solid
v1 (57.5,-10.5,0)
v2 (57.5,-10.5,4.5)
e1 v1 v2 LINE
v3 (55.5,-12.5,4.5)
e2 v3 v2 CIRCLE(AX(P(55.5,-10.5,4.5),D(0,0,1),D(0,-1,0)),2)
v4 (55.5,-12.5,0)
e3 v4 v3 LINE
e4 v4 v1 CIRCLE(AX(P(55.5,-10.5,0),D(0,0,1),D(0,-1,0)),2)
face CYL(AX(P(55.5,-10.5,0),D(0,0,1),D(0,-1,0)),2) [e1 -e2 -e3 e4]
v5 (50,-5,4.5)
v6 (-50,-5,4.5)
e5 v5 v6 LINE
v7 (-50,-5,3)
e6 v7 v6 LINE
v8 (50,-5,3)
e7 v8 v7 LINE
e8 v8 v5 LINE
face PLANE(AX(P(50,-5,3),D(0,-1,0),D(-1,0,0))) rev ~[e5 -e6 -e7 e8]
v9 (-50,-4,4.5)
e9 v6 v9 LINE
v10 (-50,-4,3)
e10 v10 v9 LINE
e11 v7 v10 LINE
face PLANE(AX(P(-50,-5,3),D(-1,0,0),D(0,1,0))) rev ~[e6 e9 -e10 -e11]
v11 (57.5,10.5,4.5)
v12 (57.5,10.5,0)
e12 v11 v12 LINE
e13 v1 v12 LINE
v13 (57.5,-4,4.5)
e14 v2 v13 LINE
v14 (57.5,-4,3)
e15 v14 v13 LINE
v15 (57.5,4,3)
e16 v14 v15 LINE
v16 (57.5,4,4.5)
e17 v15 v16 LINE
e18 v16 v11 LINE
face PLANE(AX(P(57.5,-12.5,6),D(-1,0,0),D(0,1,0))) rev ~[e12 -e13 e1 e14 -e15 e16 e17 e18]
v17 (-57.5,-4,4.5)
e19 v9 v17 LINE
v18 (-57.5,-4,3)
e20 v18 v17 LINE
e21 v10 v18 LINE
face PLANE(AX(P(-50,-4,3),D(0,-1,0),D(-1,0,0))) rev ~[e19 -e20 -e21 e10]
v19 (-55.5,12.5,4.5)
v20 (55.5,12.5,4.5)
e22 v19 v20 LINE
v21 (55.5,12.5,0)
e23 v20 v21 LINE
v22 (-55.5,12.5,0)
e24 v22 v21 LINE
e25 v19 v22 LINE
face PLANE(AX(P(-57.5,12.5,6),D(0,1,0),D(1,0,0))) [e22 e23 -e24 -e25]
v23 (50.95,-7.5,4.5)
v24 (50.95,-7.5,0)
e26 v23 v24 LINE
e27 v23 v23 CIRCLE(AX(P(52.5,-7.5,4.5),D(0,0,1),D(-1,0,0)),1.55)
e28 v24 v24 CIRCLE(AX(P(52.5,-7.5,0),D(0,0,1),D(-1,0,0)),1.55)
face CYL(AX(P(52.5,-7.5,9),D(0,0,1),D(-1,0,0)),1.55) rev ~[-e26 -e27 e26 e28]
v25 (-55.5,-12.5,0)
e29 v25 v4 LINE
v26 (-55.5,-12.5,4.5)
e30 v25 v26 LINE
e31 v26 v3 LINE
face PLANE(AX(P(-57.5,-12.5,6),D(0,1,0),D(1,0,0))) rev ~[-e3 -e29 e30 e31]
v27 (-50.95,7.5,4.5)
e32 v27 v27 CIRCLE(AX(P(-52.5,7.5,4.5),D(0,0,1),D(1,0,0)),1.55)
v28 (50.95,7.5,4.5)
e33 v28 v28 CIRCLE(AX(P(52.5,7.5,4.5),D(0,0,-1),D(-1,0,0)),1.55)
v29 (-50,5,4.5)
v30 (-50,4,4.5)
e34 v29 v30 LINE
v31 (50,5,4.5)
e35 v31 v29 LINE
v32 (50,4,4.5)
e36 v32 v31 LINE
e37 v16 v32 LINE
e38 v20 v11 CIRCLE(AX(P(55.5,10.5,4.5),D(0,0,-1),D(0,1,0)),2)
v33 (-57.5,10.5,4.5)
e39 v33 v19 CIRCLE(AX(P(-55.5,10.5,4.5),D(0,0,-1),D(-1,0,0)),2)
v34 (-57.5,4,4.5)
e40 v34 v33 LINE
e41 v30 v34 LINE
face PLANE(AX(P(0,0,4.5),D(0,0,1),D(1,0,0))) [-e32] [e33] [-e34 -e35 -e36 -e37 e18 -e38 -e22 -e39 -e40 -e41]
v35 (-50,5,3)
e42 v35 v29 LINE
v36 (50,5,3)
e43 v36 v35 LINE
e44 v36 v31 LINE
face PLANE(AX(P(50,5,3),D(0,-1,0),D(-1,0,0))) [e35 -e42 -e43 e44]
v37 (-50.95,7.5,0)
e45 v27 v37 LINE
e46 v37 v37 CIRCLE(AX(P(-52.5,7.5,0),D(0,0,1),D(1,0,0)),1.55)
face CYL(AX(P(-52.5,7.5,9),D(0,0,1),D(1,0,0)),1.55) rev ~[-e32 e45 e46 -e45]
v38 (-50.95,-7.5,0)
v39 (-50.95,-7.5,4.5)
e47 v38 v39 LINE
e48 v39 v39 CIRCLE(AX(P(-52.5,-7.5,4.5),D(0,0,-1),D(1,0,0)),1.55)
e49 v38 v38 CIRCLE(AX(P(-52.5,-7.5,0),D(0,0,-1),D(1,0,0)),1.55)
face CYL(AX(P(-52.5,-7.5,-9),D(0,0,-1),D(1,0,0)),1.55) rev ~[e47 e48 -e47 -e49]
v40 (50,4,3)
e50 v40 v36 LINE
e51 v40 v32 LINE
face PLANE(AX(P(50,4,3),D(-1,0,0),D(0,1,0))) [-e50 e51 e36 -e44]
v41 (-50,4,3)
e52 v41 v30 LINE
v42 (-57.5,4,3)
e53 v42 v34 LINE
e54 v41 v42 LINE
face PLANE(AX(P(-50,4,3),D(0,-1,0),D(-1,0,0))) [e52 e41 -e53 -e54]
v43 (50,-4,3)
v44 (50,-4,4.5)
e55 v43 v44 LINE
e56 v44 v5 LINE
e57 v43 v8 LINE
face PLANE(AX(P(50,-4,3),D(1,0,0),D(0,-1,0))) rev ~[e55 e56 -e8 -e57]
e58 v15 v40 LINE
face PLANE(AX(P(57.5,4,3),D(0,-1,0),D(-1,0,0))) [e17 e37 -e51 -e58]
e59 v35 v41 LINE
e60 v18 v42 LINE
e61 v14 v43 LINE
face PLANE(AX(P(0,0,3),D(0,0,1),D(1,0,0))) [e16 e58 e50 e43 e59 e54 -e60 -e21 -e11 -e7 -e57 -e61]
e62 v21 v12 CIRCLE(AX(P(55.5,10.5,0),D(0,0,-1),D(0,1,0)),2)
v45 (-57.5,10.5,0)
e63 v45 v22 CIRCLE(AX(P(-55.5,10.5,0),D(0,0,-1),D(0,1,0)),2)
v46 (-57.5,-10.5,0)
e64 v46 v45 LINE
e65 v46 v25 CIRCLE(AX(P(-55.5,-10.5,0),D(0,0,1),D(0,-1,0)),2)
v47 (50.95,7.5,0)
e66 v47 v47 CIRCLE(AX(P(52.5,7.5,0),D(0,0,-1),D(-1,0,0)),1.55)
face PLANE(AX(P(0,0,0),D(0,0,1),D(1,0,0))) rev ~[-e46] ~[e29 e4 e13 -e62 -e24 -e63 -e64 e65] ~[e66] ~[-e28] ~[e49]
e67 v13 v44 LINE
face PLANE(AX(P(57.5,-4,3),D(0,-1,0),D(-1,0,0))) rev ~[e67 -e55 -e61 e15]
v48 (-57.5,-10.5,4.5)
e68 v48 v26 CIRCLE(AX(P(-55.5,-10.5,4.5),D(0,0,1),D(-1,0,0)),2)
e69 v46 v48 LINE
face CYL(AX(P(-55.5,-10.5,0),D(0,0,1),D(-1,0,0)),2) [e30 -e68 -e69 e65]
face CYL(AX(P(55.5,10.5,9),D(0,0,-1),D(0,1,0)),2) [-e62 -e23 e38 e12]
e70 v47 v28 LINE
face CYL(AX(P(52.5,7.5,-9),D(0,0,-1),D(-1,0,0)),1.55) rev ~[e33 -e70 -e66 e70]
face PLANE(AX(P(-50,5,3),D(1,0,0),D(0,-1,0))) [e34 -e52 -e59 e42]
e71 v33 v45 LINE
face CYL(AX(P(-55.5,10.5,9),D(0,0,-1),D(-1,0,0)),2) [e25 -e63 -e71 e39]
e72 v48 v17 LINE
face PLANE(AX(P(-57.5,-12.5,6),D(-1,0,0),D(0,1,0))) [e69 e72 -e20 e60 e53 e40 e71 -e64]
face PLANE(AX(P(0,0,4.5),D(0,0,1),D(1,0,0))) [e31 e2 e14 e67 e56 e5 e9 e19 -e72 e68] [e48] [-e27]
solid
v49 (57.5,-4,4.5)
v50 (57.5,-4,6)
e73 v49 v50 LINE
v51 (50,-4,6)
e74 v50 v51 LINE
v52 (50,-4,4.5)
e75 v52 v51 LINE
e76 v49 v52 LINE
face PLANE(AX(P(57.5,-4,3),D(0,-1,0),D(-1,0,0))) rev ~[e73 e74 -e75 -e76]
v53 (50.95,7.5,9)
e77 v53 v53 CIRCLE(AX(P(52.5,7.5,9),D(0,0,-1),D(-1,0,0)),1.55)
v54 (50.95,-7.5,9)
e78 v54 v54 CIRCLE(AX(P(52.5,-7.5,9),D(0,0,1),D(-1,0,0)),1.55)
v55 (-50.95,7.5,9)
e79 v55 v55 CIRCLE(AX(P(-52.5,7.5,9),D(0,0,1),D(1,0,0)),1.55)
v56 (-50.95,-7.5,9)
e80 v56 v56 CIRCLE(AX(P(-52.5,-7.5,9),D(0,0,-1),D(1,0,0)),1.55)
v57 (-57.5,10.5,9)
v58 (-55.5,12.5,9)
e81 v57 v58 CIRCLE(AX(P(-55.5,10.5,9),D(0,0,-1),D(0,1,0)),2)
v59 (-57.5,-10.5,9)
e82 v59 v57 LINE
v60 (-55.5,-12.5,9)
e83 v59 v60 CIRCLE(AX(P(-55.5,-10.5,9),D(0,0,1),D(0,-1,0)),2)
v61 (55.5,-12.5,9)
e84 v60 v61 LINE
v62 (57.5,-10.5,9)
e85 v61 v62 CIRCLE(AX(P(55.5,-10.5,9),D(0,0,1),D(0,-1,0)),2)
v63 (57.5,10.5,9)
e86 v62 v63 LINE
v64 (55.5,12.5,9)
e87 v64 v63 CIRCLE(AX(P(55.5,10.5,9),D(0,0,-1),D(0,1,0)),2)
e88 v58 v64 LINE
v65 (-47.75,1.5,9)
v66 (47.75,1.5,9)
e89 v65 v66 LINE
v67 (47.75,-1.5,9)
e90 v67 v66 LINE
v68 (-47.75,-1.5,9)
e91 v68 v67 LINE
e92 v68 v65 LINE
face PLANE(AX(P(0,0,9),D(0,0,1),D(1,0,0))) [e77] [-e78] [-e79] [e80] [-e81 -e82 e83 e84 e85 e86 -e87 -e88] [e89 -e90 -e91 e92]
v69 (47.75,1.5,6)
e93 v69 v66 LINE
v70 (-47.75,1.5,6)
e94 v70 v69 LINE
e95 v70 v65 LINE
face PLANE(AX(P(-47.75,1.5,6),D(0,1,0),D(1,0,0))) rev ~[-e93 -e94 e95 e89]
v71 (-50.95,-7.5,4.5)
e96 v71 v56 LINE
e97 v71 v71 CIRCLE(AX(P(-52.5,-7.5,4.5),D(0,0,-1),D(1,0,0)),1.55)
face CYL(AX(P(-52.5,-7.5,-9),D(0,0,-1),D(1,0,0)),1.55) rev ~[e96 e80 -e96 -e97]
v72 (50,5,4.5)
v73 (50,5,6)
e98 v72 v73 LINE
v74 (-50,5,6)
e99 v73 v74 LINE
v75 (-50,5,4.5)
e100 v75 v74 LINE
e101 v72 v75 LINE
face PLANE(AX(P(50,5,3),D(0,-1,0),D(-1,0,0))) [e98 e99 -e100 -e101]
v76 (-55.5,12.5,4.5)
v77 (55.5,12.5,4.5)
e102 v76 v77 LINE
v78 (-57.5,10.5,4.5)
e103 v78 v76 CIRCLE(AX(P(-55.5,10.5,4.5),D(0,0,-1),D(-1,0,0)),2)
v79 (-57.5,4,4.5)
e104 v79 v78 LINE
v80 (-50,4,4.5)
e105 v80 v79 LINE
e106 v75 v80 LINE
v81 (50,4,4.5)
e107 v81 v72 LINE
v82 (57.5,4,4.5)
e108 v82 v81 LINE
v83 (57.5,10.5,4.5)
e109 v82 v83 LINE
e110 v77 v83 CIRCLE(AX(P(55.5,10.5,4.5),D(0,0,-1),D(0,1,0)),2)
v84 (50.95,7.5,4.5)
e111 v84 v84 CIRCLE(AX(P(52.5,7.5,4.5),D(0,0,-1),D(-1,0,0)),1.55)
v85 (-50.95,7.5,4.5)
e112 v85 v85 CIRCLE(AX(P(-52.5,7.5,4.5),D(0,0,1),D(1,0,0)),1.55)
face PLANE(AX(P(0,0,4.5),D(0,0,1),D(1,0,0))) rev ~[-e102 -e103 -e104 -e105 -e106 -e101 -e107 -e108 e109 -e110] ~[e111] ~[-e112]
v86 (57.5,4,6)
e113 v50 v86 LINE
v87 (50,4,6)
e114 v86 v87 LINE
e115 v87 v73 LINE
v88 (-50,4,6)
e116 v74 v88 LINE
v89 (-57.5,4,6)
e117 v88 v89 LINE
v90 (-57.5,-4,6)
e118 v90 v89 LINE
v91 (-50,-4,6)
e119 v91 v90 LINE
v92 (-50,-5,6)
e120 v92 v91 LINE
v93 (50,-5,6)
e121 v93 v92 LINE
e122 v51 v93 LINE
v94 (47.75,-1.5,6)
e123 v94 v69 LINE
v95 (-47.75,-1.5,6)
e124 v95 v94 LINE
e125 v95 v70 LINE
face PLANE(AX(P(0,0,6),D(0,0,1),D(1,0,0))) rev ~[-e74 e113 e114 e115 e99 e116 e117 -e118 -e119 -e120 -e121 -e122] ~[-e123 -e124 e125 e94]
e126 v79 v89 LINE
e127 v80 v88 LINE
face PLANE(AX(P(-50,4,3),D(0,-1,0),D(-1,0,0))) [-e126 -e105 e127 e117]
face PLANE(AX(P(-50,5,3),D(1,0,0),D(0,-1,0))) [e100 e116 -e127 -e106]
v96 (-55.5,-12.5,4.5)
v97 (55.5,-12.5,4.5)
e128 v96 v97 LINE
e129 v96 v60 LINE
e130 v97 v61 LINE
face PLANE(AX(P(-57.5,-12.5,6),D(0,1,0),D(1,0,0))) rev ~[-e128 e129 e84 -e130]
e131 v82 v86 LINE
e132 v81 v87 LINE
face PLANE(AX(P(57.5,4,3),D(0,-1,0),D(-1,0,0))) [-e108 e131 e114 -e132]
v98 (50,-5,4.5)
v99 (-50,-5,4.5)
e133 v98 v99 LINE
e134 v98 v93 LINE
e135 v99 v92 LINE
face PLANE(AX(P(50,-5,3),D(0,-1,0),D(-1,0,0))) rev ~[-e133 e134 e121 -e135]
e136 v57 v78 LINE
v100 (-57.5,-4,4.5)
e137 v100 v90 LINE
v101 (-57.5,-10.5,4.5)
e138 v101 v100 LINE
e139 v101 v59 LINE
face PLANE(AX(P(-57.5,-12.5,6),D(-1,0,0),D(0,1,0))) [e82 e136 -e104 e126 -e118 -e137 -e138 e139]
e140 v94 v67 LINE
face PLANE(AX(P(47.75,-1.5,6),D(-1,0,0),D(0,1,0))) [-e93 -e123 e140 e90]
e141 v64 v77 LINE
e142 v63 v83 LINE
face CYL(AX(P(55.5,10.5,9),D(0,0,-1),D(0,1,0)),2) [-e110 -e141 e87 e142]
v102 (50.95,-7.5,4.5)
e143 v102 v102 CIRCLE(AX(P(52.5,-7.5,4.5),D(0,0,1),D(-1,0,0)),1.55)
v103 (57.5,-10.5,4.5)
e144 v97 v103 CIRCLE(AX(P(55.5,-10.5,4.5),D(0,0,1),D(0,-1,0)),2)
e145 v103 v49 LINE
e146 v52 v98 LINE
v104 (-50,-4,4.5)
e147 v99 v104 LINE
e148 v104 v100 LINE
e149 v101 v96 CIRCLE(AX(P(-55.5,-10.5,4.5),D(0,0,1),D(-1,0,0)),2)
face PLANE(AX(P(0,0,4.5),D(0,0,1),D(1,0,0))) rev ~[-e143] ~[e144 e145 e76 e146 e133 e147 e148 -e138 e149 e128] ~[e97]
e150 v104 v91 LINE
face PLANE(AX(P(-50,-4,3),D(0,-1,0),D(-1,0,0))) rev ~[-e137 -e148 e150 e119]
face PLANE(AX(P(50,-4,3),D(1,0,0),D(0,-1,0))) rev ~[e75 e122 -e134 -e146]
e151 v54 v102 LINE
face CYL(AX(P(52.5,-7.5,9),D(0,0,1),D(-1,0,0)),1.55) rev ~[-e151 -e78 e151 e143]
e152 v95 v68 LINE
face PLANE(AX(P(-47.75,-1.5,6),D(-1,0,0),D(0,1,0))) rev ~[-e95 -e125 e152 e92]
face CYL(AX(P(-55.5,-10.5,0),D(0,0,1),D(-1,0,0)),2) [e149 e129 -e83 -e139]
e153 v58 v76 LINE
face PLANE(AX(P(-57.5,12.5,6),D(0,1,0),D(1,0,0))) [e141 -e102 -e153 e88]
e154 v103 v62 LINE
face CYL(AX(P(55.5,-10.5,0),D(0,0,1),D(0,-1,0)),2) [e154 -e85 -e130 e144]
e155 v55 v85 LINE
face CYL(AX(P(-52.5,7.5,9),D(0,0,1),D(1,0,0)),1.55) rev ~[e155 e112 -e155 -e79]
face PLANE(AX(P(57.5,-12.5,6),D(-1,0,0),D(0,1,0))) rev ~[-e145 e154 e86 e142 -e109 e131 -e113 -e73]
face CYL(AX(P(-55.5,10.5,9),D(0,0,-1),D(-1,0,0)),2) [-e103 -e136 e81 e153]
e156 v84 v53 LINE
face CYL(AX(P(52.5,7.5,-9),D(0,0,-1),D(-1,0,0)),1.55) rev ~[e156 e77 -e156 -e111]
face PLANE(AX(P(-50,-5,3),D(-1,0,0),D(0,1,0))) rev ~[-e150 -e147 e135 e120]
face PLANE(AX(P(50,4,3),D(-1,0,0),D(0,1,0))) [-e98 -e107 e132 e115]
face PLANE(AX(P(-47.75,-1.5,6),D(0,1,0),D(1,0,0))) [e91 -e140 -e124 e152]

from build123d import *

# Parameters (mm, degrees)
BOX_BOTTOM_HALF_0_W     = 117
BOX_BOTTOM_HALF_0_H     = 27
BOX_BOTTOM_HALF_0_DEPTH = 5.5
SKETCH_W                = 115
SKETCH_H                = 25
PAD_DEPTH               = 3
PAD001_DEPTH            = 3
SKETCH002_W             = 115
SKETCH002_H             = 25
SKETCH002_W_2           = 95.5
SKETCH002_H_2           = 3
PAD002_DEPTH            = 3
SKETCH003_R             = 1.55
POCKET_DEPTH            = 245.060315
POLARPATTERN_COUNT      = 2
POLARPATTERN001_COUNT   = 2
POLARPATTERN002_COUNT   = 2
FILLET_R                = 2


with BuildPart() as box_bottom_half_0_body:
    # box_bottom_half_0 → box_bottom_half_0 (new body)
    with BuildSketch(Plane(origin=(-58.5, -13.5, -1), x_dir=(1, 0, 0), z_dir=(0, 0, 1))):
        with Locations((58.5, 13.5)):
            Rectangle(BOX_BOTTOM_HALF_0_W, BOX_BOTTOM_HALF_0_H)
    extrude(amount=BOX_BOTTOM_HALF_0_DEPTH)


with BuildPart() as body:
    # Sketch → Pad (new body)
    with BuildSketch(Plane.XY):
        Rectangle(SKETCH_W, SKETCH_H)
    extrude(amount=PAD_DEPTH)

    # Sketch001 (on Face6 of Pad) → Pad001 (join)
    with BuildSketch(Plane.XY.offset(3)):
        Polygon((-57.5, 12.5), (57.5, 12.5), (57.5, 4), (50, 4), (50, 5), (-50, 5), (-50, 4), (-57.5, 4), align=None)
        Polygon((-57.5, -12.5), (57.5, -12.5), (57.5, -4), (50, -4), (50, -5), (-50, -5), (-50, -4), (-57.5, -4), align=None)
    extrude(amount=PAD001_DEPTH)

    # Sketch002 (on Face12 of Pad001) → Pad002 (join)
    with BuildSketch(Plane.XY.offset(6)):
        Rectangle(SKETCH002_W, SKETCH002_H)
        Rectangle(SKETCH002_W_2, SKETCH002_H_2, mode=Mode.SUBTRACT)
    extrude(amount=PAD002_DEPTH)

    # Sketch003 (on Face26 of Pad002) → Pocket (cut, through all)
    with BuildSketch(Plane.XY.offset(9)):
        with Locations((-52.5, 7.5)):
            Circle(SKETCH003_R)
    pocket = extrude(amount=-POCKET_DEPTH, mode=Mode.SUBTRACT)

    # PolarPattern: Pocket ×2 about axis
    polarpattern_axis = Axis((0, 0, 0), (0, 1, 0))
    for i in range(1, POLARPATTERN_COUNT):
        add(pocket.rotate(polarpattern_axis, i * 360 / POLARPATTERN_COUNT), mode=Mode.SUBTRACT)

    # PolarPattern001: Pocket ×2 about axis
    polarpattern001_axis = Axis((0, 0, 0), (1, 0, 0))
    for i in range(1, POLARPATTERN001_COUNT):
        add(pocket.rotate(polarpattern001_axis, i * 360 / POLARPATTERN001_COUNT), mode=Mode.SUBTRACT)

    # PolarPattern002: Pocket ×2 about axis
    polarpattern002_axis = Axis((0, 0, 9), (0, 0, 1))
    for i in range(1, POLARPATTERN002_COUNT):
        add(pocket.rotate(polarpattern002_axis, i * 360 / POLARPATTERN002_COUNT), mode=Mode.SUBTRACT)

    # Fillet
    fillet_edges = [body.edges().sort_by_distance(p)[0] for p in [
        (57.5, 12.5, 7.5),
        (57.5, 12.5, 4.5),
        (57.5, 12.5, 1.5),
        (57.5, -12.5, 7.5),
        (-57.5, 12.5, 7.5),
        (-57.5, -12.5, 7.5),
    ]]
    fillet(fillet_edges, radius=FILLET_R)


with BuildPart() as bottom_half_0_body:
    # bottom_half_0 base: copy of Body
    add(body.part)

    # bottom_half_0: intersect box_bottom_half_0 body
    add(box_bottom_half_0_body.part, mode=Mode.INTERSECT)


with BuildPart() as top_half_0_body:
    # top_half_0 base: copy of Body
    add(body.part)

    # top_half_0: cut box_bottom_half_0 body
    add(box_bottom_half_0_body.part, mode=Mode.SUBTRACT)


solid = Compound([bottom_half_0_body.part, top_half_0_body.part])
